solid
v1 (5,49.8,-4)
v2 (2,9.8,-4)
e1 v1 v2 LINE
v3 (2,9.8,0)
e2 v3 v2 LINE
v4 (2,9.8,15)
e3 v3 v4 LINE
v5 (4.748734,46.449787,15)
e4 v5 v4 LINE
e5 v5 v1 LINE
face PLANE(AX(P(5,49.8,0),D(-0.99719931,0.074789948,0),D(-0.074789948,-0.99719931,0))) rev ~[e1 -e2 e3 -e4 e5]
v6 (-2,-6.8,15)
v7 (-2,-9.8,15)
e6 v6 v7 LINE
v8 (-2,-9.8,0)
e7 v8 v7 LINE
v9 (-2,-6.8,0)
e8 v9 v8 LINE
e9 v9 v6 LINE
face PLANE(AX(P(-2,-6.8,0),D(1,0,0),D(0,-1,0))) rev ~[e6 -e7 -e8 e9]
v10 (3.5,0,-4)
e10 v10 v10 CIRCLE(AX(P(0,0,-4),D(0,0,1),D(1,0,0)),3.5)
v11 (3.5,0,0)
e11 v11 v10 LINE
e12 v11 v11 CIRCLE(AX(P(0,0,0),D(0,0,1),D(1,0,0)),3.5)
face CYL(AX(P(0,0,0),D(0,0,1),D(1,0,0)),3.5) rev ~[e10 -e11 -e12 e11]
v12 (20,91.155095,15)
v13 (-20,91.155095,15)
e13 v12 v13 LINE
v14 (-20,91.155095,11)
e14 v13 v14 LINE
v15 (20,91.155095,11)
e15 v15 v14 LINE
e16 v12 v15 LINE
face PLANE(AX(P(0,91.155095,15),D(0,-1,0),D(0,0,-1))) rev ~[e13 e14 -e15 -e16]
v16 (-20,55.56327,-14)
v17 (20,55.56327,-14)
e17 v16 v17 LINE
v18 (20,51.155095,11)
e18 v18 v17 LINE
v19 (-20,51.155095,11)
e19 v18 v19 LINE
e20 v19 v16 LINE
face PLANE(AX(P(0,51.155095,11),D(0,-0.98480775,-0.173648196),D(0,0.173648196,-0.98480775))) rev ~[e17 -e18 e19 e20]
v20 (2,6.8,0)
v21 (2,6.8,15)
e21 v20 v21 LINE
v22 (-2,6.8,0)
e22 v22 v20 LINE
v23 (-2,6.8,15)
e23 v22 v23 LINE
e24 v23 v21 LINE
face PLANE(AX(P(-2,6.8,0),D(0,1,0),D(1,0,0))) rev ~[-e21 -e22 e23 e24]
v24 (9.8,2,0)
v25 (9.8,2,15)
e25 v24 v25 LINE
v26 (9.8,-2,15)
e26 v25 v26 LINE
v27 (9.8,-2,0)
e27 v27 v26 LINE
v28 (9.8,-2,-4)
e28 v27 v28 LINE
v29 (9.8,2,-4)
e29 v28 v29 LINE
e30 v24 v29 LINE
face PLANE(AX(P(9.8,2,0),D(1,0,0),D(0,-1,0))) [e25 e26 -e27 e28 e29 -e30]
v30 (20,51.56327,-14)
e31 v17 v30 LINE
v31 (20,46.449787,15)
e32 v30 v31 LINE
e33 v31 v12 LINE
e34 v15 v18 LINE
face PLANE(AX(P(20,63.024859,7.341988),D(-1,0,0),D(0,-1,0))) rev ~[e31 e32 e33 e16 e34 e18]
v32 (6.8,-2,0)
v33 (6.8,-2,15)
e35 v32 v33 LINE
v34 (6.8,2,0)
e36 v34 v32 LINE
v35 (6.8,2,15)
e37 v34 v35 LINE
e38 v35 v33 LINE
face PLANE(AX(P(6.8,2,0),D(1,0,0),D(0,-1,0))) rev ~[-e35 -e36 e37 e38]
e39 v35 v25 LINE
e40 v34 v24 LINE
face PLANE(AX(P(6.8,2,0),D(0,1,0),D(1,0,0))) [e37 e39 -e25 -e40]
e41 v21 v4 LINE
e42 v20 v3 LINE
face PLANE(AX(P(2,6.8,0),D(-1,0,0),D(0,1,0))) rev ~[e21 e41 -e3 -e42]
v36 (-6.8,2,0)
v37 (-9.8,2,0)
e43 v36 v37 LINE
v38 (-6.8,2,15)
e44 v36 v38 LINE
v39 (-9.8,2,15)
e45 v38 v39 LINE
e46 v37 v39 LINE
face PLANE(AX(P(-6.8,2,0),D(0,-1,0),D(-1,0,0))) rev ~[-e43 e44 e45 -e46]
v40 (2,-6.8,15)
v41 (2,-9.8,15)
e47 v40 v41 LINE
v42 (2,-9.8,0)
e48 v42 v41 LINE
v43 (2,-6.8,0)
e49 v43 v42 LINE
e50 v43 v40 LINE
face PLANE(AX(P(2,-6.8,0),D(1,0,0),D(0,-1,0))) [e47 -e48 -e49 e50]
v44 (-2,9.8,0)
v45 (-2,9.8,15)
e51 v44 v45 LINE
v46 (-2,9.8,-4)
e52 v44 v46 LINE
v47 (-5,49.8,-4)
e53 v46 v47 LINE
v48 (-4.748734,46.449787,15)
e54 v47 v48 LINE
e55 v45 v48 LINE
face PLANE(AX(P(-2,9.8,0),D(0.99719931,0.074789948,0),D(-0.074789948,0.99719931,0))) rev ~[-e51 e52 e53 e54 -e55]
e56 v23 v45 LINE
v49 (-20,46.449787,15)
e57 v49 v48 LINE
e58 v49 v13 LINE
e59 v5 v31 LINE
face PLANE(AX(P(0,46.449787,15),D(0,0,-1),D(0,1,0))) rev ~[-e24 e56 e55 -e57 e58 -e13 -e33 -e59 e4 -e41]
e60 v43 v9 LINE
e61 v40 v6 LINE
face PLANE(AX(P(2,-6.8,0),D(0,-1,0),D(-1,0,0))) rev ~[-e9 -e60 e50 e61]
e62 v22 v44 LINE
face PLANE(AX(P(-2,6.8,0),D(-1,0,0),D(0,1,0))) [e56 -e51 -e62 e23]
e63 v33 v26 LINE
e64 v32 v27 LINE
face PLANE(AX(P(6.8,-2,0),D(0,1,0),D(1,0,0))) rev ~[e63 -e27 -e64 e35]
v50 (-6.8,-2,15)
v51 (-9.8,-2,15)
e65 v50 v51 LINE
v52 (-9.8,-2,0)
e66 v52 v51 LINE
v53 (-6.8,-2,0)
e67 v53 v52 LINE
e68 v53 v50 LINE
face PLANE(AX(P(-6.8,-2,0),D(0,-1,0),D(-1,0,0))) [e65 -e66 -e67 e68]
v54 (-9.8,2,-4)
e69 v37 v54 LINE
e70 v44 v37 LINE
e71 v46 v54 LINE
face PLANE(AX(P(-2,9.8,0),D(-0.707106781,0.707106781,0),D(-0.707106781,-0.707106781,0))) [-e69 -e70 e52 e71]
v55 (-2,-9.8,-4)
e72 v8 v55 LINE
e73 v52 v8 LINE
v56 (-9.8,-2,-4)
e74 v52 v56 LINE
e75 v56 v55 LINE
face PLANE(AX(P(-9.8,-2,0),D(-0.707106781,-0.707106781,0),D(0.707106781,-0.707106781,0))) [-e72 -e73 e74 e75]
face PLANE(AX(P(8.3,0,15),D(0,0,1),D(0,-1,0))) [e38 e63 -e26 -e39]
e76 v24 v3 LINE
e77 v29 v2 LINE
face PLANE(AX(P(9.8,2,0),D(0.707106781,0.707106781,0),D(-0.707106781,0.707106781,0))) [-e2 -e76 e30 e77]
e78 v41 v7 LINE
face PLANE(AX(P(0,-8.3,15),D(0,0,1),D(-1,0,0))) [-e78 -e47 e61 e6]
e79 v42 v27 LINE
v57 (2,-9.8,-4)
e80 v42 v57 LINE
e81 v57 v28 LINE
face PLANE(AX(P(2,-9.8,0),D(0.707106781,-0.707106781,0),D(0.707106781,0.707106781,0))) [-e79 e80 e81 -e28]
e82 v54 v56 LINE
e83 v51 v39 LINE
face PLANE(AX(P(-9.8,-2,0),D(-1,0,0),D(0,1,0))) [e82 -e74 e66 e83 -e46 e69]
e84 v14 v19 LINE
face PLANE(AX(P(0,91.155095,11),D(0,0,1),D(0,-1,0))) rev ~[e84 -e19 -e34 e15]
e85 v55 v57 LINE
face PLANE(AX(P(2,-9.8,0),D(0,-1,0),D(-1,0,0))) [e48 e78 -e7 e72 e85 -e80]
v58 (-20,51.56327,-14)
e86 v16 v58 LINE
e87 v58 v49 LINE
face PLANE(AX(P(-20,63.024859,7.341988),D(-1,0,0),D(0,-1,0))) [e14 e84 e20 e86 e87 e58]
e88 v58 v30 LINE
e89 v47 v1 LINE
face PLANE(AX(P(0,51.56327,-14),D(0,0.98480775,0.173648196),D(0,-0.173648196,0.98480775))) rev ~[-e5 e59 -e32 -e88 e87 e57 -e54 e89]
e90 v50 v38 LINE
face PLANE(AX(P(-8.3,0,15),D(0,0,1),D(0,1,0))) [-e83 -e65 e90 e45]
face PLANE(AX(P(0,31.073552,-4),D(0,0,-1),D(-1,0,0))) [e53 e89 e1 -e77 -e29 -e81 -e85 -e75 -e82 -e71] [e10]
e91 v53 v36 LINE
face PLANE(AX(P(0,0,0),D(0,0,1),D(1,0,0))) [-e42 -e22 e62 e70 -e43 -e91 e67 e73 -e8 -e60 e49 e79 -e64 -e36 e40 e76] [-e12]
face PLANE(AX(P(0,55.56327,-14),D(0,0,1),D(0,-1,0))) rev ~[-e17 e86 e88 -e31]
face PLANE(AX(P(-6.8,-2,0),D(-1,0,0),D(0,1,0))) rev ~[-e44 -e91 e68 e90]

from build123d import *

# Parameters (mm, degrees)
SKETCH_R           = 3.5
PAD_DEPTH          = 4
SKETCH001_W        = 4
SKETCH001_H        = 3
PAD001_DEPTH       = 15
POLARPATTERN_COUNT = 4
PAD002_DEPTH       = 15
PAD004_DEPTH       = 4
PAD005_DEPTH       = 20


with BuildPart() as part:
    # Sketch → Pad (new body)
    with BuildSketch(Plane.XY):
        Polygon((-9.8, 2), (-9.8, -2), (-2, -9.8), (2, -9.8), (9.8, -2), (9.8, 2), (2, 9.8), (-2, 9.8), align=None)
        Circle(SKETCH_R, mode=Mode.SUBTRACT)
    extrude(amount=-PAD_DEPTH)

    # Sketch001 → Pad001 (join)
    with BuildSketch(Plane.XY):
        with Locations((0, 8.3)):
            Rectangle(SKETCH001_W, SKETCH001_H)
    pad001 = extrude(amount=PAD001_DEPTH)

    # PolarPattern: Pad001 ×4 about axis
    polarpattern_axis = Axis((0, 0, 0), (0, 0, 1))
    for i in range(1, POLARPATTERN_COUNT):
        add(pad001.rotate(polarpattern_axis, i * 360 / POLARPATTERN_COUNT))

    # Sketch002 → Pad002 (join)
    with BuildSketch(Plane.XY):
        Polygon((-2, 9.8), (-5, 49.8), (5, 49.8), (2, 9.8), align=None)
    extrude(amount=PAD002_DEPTH)

    # Sketch002 → Pad004 (join)
    with BuildSketch(Plane.XY):
        Polygon((-2, 9.8), (-5, 49.8), (5, 49.8), (2, 9.8), align=None)
    extrude(amount=-PAD004_DEPTH)

    # Sketch003 → Pad005 (join, symmetric)
    with BuildSketch(Plane.YZ):
        Polygon((46.449787, 15), (91.155095, 15), (91.155095, 11), (51.155095, 11), (55.56327, -14), (51.56327, -14), align=None)
    extrude(amount=PAD005_DEPTH, both=True)


solid = part.part
